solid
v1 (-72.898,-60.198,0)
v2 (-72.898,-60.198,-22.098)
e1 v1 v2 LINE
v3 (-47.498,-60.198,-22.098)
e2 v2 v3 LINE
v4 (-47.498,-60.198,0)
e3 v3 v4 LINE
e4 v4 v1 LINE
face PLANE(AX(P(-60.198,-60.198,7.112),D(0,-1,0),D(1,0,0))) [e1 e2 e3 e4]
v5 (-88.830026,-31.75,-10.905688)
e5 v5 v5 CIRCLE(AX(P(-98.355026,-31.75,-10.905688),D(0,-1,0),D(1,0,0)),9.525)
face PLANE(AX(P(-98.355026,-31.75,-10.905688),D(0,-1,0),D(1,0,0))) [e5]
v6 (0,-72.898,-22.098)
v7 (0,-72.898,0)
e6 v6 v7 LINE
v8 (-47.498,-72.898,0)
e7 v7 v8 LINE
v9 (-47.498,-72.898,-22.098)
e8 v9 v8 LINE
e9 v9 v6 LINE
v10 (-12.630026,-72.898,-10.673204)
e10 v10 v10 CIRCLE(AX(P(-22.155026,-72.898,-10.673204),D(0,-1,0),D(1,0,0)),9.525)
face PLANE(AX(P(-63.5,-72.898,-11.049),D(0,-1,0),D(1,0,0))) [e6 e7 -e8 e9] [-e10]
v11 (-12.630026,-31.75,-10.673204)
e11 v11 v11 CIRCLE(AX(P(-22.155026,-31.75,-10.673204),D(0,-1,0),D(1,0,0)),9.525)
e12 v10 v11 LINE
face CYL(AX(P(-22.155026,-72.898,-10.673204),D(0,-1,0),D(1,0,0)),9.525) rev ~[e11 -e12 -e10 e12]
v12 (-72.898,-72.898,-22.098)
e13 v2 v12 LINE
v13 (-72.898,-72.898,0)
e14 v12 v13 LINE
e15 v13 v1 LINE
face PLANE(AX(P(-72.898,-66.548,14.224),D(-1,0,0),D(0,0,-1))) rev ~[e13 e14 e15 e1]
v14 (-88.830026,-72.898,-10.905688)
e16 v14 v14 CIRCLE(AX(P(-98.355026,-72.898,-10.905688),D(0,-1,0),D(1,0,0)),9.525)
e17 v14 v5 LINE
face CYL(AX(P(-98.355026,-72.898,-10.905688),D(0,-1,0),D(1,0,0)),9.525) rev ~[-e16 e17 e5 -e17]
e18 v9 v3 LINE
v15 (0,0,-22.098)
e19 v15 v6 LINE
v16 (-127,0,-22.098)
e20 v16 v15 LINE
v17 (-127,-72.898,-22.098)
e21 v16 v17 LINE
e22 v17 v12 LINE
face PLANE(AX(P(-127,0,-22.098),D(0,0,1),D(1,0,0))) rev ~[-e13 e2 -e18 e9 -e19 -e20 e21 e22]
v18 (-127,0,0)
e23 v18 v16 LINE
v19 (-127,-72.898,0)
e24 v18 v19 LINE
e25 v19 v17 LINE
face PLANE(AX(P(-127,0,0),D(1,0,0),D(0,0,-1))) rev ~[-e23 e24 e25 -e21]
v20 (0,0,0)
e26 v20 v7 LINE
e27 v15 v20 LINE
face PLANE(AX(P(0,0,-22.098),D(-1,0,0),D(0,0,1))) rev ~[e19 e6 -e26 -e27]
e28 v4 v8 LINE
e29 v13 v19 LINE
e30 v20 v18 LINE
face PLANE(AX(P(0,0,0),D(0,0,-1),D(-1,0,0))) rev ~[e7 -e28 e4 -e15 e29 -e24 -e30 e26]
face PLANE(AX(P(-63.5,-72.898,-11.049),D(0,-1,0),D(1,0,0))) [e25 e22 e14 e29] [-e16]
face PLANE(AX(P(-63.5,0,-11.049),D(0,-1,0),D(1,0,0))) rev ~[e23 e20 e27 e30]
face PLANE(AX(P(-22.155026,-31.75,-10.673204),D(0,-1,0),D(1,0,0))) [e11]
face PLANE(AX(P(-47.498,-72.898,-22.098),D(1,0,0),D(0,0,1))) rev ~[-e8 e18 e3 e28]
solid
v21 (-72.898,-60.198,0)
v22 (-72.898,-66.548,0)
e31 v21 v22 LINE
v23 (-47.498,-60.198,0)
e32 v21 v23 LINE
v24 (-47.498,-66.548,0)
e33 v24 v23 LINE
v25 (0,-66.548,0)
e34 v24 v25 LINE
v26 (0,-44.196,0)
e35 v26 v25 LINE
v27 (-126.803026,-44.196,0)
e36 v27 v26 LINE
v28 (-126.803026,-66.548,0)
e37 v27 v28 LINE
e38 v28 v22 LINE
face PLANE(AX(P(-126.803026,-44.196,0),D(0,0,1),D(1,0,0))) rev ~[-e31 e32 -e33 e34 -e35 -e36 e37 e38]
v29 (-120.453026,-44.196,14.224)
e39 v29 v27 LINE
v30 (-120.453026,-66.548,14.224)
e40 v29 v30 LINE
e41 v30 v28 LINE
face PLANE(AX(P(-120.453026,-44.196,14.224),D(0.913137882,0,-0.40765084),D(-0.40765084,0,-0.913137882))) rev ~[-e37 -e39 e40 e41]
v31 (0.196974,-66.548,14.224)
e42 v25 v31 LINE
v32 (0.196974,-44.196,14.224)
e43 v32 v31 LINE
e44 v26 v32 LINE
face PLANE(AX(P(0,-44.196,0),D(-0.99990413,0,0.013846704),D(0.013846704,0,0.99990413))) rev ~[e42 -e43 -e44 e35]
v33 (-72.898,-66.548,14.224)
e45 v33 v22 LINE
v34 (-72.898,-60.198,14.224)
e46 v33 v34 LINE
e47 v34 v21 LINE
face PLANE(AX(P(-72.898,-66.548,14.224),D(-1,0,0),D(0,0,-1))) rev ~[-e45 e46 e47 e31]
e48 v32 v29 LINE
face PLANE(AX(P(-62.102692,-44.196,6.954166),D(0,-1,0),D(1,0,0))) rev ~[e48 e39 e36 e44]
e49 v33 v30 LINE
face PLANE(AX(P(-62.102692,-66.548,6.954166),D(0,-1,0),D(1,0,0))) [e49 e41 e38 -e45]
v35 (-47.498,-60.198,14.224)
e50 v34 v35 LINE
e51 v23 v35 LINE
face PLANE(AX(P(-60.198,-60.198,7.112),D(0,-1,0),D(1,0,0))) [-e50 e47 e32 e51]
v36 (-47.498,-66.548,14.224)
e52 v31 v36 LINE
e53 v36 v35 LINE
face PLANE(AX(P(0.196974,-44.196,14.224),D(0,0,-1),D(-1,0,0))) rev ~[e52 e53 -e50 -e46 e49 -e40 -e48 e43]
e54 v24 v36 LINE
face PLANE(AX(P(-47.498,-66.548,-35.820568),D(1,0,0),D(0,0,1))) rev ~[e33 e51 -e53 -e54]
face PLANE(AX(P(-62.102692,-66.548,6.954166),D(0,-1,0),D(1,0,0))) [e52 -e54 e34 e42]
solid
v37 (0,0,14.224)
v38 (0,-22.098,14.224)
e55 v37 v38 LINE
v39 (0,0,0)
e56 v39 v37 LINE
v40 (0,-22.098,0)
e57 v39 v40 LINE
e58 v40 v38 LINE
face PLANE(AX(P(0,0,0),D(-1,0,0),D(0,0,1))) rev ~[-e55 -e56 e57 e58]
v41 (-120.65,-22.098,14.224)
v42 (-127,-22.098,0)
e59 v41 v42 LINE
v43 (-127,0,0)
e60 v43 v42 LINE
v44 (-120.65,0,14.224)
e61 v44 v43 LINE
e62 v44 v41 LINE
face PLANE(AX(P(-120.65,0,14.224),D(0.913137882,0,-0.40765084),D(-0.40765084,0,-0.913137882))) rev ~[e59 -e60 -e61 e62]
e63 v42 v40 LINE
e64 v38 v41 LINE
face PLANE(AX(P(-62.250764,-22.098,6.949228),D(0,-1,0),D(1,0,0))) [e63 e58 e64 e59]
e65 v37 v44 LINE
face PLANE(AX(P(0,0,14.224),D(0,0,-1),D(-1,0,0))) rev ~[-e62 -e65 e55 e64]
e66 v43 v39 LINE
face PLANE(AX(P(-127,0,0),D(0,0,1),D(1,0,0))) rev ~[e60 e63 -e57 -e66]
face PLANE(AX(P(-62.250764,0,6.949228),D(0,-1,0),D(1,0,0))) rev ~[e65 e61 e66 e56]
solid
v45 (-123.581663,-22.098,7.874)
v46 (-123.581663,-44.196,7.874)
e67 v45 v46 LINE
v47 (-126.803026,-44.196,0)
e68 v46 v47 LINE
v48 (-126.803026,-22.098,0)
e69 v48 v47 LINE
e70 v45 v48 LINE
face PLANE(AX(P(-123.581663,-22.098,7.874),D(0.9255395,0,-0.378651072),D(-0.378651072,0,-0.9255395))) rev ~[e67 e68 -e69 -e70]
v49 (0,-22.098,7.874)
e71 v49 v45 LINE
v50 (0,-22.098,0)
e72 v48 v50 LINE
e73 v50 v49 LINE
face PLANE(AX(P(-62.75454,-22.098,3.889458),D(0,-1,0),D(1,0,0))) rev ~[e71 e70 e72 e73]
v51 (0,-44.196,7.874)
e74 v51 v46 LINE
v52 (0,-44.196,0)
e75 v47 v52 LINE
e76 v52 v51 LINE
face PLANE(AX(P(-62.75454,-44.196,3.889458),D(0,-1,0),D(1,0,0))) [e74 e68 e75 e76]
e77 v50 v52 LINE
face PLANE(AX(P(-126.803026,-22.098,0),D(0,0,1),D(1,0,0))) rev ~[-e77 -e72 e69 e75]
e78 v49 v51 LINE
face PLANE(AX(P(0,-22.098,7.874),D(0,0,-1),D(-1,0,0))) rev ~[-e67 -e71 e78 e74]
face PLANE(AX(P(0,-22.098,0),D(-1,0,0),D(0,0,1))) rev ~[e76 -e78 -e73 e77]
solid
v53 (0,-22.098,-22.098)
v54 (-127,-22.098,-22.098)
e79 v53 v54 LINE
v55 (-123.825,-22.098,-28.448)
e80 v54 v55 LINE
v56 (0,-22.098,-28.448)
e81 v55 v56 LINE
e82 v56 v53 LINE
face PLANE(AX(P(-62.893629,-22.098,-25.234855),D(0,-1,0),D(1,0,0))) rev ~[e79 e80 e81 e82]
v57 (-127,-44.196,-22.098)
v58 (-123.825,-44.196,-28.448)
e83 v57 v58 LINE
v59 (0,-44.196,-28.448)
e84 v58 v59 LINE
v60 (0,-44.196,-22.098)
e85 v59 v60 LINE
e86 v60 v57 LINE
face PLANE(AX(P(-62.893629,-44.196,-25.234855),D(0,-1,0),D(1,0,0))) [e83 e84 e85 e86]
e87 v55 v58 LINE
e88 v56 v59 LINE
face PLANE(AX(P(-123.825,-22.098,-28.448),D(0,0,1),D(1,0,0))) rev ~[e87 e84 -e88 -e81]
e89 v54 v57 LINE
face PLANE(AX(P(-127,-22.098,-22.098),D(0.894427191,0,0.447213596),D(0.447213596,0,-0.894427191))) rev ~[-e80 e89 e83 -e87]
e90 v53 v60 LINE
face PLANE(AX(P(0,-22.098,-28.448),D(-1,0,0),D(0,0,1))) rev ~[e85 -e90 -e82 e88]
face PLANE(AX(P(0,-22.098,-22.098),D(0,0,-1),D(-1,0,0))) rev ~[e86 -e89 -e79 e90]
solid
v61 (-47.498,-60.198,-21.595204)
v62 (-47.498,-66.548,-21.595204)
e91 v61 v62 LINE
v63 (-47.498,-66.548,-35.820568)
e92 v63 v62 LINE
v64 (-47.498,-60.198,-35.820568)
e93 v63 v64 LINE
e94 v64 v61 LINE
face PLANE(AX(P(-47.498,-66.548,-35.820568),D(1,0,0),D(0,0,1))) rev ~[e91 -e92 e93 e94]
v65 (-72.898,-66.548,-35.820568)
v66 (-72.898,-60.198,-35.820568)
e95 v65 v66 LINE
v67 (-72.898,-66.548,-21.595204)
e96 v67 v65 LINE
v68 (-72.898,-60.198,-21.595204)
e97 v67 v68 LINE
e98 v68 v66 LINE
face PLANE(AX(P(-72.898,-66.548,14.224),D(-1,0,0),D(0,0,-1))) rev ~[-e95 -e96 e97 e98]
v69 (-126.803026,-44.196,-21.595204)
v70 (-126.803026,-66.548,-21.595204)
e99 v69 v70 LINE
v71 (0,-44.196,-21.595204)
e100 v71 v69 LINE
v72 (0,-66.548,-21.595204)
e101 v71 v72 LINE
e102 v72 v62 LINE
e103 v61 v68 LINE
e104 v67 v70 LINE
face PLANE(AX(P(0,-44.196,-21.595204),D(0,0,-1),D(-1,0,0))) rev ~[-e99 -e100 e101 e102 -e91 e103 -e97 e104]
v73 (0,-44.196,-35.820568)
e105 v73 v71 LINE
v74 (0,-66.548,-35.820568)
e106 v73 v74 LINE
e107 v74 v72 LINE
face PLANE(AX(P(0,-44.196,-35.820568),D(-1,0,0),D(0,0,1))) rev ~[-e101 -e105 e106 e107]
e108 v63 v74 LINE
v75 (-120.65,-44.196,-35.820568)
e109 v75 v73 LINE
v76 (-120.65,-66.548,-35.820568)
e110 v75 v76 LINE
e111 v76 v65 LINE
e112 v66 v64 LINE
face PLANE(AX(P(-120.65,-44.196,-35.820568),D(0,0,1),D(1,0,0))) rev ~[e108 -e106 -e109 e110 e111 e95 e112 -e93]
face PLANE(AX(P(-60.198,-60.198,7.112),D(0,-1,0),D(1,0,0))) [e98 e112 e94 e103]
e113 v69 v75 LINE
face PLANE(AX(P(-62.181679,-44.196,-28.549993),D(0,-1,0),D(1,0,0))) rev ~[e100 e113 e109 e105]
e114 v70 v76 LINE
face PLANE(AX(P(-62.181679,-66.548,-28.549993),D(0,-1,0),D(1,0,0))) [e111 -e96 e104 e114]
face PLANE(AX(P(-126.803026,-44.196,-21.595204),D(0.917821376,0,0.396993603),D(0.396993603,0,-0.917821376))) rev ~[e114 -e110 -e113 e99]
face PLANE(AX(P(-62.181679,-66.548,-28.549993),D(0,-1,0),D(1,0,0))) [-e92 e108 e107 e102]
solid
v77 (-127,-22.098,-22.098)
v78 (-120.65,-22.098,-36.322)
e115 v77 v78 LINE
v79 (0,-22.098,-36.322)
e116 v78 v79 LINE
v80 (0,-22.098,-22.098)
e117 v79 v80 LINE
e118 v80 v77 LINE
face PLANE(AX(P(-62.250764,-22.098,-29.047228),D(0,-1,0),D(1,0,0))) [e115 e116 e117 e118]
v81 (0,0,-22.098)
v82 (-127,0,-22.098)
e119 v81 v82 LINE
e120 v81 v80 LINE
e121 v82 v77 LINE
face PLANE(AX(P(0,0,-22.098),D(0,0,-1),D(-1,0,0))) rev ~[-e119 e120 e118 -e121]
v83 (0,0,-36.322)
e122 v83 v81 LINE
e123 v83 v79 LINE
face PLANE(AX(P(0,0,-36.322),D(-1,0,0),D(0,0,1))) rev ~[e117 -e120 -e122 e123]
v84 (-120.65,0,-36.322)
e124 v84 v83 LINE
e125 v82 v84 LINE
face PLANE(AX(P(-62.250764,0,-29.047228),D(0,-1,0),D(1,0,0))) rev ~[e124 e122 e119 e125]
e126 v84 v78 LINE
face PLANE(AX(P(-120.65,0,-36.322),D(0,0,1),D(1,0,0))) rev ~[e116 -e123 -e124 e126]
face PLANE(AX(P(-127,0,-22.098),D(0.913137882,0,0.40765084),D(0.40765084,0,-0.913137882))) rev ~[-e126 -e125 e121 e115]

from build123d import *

# Parameters (mm, degrees)
F1_DEPTH  = 22.098
F3_DEPTH  = 22.098
F5_DEPTH  = 22.352
F6_DEPTH  = 72.898
F7_W      = 25.4
F7_H      = 14.224
F7_H_2    = 21.595204249
F7_H_3    = 14.2253637884
F8_DEPTH  = 6.35
F9_W      = 25.4
F9_H      = 22.098
F10_DEPTH = 6.35
F14_R     = 9.525
F15_DEPTH = 41.148


with BuildPart() as f1:
    # F0 (on Front) → F1 (new body)
    with BuildSketch(Plane.XZ):
        Polygon((-47.498, 0), (0, 0), (0, 14.224), (-47.498, 14.224), (-70.5205784659, 14.224), (-120.65, 14.224), (-127, 0), (-70.5205784659, 0), align=None)
    extrude(amount=F1_DEPTH)


with BuildPart() as f1b:
    # F0 (on Front) → F1, piece 2 (new body)
    with BuildSketch(Plane.XZ):
        Polygon((0, -36.322), (0, -22.098), (-47.498, -22.098), (-70.5205784659, -22.098), (-127, -22.098), (-120.65, -36.322), (-70.5205784659, -36.322), (-47.498, -36.322), align=None)
    extrude(amount=F1_DEPTH)


with BuildPart() as f3:
    # F2 (on face) → F3 (new body)
    with BuildSketch(Plane.XZ.offset(22.098)):
        Polygon((-127, -22.098), (-123.825, -28.448), (0, -28.448), (0, -22.098), align=None)
    extrude(amount=F3_DEPTH)


with BuildPart() as f3b:
    # F2 (on face) → F3, piece 2 (new body)
    with BuildSketch(Plane.XZ.offset(22.098)):
        Polygon((0, 0), (0, 7.874), (-35.5134345591, 7.874), (-123.5816627741, 7.874), (-126.8030256033, 0), align=None)
    extrude(amount=F3_DEPTH)


with BuildPart() as f5:
    # F4 (on face) → F5 (new body)
    with BuildSketch(Plane.XZ.offset(44.196)):
        Polygon((-120.4530256033, 14.224), (-126.8030256033, 0), (0, 0), (0.1969743967, 14.224), align=None)
    extrude(amount=F5_DEPTH)


with BuildPart() as f5b:
    # F4 (on face) → F5, piece 2 (new body)
    with BuildSketch(Plane.XZ.offset(44.196)):
        Polygon((0, -21.595204249), (-126.8030256033, -21.595204249), (-120.65, -35.8205680374), (0, -35.8205680374), align=None)
    extrude(amount=F5_DEPTH)


with BuildPart() as f6:
    # F0 (on Front) → F6 (new body)
    with BuildSketch(Plane.XZ):
        Polygon((0, -22.098), (0, 0), (-47.498, 0), (-70.5205784659, 0), (-127, 0), (-127, -22.098), (-70.5205784659, -22.098), (-47.498, -22.098), align=None)
    extrude(amount=F6_DEPTH)


with BuildPart() as f8_tool:
    # F7 (on face) → F8 (new body)
    with BuildSketch(Plane.XZ.offset(66.548)):
        with Locations((-60.198, 7.112)):
            Rectangle(F7_W, F7_H)
        with Locations((-60.198, -10.7976021245)):
            Rectangle(F7_W, F7_H_2)
        with Locations((-60.198, -28.7078861432)):
            Rectangle(F7_W, F7_H_3)
    extrude(amount=-F8_DEPTH)


with BuildPart() as f5_1:
    add(f5.part)

    # F8: cut by f8_tool
    add(f8_tool.part, mode=Mode.SUBTRACT)


with BuildPart() as f5b_1:
    add(f5b.part)

    # F8: cut by f8_tool
    add(f8_tool.part, mode=Mode.SUBTRACT)


with BuildPart() as f6_1:
    add(f6.part)

    # F8: cut by f8_tool
    add(f8_tool.part, mode=Mode.SUBTRACT)

    # F9 (on face) → F10 (cut)
    with BuildSketch(Plane.XZ.offset(72.898)):
        with Locations((-60.198, -11.049)):
            Rectangle(F9_W, F9_H)
    extrude(amount=-F10_DEPTH, mode=Mode.SUBTRACT)

    # F14 (on face) → F15 (cut)
    with BuildSketch(Plane.XZ.offset(72.898)):
        with Locations((-98.3550256033, -10.9056882328)):
            Circle(F14_R)
        with Locations((-22.1550256033, -10.673204249)):
            Circle(F14_R)
    extrude(amount=-F15_DEPTH, mode=Mode.SUBTRACT)


solid = Compound([f1.part, f1b.part, f3.part, f3b.part, f5_1.part, f5b_1.part, f6_1.part])
